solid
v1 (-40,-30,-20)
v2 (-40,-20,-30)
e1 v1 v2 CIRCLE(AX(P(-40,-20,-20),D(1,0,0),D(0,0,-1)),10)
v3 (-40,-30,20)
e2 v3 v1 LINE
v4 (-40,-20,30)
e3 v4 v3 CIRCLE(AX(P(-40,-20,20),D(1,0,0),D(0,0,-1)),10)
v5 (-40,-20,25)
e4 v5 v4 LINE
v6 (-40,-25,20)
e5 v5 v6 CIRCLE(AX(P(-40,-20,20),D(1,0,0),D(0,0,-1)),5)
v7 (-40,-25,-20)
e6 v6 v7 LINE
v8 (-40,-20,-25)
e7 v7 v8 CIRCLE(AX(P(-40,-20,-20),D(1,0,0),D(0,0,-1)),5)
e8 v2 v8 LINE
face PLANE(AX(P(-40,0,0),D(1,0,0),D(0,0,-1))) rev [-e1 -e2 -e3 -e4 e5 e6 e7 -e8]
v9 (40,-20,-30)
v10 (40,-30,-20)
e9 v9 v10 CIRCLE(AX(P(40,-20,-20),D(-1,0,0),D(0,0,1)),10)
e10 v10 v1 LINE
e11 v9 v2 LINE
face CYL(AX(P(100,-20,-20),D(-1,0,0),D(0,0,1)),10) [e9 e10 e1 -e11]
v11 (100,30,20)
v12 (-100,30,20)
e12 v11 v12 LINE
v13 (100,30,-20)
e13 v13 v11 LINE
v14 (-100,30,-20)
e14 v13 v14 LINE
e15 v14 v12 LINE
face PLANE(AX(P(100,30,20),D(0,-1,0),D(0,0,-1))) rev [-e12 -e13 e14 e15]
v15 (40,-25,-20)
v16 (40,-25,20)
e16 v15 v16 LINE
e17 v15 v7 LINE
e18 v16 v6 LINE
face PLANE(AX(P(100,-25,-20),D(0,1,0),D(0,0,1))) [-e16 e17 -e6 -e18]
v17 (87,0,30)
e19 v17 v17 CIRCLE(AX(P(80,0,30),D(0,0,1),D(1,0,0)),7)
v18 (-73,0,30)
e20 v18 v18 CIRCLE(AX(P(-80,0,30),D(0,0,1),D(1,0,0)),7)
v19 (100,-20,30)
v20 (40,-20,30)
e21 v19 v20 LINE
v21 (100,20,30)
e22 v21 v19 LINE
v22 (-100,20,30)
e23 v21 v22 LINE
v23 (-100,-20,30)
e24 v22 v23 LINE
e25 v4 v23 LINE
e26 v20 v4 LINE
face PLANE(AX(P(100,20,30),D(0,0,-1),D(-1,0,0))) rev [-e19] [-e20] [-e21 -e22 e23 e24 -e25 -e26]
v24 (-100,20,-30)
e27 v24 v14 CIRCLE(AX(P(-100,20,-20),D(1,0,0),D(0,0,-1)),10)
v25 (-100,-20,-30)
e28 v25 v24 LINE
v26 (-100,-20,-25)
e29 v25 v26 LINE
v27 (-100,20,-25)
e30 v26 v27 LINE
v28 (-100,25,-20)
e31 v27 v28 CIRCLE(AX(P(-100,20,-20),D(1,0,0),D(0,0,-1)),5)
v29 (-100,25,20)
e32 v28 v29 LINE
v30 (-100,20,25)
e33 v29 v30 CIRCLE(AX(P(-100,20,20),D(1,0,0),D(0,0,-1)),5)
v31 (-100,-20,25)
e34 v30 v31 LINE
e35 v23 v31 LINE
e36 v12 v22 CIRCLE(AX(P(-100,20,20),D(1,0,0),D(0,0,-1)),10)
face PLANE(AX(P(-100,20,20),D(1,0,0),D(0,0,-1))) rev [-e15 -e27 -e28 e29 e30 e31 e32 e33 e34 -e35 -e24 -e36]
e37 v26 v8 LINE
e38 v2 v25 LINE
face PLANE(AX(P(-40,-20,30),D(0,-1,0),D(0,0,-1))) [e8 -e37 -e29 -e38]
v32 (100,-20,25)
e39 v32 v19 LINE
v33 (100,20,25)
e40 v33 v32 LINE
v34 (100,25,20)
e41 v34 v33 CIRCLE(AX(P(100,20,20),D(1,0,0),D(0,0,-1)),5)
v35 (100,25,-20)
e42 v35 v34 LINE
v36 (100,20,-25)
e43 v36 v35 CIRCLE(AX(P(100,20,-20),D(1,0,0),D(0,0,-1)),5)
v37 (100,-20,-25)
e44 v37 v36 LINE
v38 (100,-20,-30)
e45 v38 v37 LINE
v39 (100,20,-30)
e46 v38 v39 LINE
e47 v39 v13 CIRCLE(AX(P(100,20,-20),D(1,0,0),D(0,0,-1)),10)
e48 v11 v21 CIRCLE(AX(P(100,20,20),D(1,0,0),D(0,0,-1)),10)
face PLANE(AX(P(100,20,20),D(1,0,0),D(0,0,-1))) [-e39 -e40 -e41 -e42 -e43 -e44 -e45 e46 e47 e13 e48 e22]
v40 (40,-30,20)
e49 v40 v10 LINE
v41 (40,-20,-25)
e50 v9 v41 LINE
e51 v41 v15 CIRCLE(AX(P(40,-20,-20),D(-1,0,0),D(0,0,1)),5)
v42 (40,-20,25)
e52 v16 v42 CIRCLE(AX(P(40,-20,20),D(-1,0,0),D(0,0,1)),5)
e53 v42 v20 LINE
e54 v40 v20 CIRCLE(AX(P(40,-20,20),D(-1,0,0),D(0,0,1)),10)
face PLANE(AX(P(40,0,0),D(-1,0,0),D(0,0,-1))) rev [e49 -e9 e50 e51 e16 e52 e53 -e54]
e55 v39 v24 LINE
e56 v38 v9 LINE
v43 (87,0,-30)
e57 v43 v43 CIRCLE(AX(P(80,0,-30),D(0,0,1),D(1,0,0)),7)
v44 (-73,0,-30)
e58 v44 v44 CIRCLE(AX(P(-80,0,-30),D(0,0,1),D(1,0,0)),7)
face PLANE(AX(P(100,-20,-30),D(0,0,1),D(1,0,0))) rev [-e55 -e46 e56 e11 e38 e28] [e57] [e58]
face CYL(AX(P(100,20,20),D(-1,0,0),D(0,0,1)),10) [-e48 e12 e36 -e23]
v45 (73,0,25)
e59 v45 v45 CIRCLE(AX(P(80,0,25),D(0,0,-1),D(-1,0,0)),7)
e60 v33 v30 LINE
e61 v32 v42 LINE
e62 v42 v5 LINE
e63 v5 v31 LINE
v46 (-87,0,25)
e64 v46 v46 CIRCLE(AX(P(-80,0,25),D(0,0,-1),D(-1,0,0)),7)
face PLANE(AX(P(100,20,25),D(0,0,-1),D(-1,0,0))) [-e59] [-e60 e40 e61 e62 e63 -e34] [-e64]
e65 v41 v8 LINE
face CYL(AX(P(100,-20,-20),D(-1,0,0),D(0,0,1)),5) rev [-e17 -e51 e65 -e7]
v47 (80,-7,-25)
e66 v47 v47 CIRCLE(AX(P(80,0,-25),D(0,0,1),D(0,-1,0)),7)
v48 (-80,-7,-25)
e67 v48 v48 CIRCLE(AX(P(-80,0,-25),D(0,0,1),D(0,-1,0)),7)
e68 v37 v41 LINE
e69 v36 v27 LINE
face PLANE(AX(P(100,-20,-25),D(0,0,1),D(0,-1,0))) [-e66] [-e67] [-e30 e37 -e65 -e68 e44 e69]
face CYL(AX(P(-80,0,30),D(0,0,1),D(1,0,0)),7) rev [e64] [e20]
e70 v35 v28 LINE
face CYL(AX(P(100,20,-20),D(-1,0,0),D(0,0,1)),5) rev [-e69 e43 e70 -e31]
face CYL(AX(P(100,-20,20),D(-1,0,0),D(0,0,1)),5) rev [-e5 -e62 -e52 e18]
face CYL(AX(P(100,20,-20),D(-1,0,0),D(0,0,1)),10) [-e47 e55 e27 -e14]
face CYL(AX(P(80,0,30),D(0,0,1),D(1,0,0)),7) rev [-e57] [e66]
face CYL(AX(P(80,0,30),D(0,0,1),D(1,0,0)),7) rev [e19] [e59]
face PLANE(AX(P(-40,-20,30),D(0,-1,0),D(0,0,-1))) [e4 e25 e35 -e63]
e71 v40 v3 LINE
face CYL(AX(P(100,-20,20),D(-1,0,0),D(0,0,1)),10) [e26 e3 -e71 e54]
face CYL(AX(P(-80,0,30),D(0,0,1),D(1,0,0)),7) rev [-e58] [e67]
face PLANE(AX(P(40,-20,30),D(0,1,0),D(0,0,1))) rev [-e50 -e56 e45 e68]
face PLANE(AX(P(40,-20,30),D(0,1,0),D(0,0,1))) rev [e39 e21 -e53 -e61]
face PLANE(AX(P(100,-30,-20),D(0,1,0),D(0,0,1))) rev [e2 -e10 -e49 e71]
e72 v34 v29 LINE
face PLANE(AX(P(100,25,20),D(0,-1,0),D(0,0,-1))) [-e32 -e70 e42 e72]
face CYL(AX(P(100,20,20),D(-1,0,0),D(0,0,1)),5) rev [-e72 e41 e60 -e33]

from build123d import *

# Parameters (mm, degrees)
EL_MENT_M_CANO_SOUD_1_DEPTH     = 200
ESQUISSE2_W                     = 60
ESQUISSE2_H                     = 10
ENL_V_MAT_EXTRU_1_DEPTH         = 60
DIAM_TRE_DU_PER_AGE_14_0_14_1_D = 14


with BuildPart() as part:
    # Sketch1 → Elément mécano-soudé1 (new body)
    with BuildSketch(Plane.YZ.offset(-100)):
        with BuildLine():
            Line((-20, -30), (20, -30))
            ThreePointArc((20, -30), (27.071067812, -27.071067812), (30, -20))
            Line((30, -20), (30, 20))
            ThreePointArc((30, 20), (27.071067812, 27.071067812), (20, 30))
            Line((20, 30), (-20, 30))
            ThreePointArc((-20, 30), (-27.071067812, 27.071067812), (-30, 20))
            Line((-30, 20), (-30, -20))
            ThreePointArc((-30, -20), (-27.071067812, -27.071067812), (-20, -30))
        make_face()
        with BuildLine():
            Line((-20, -25), (20, -25))
            ThreePointArc((20, -25), (23.535533906, -23.535533906), (25, -20))
            Line((25, -20), (25, 20))
            ThreePointArc((25, 20), (23.535533906, 23.535533906), (20, 25))
            Line((20, 25), (-20, 25))
            ThreePointArc((-20, 25), (-23.535533906, 23.535533906), (-25, 20))
            Line((-25, 20), (-25, -20))
            ThreePointArc((-25, -20), (-23.535533906, -23.535533906), (-20, -25))
        make_face(mode=Mode.SUBTRACT)
    extrude(amount=EL_MENT_M_CANO_SOUD_1_DEPTH)

    # Esquisse2 → Enlèv. mat.-Extru.1 (cut)
    with BuildSketch(Plane(origin=(-100, 0, 0), x_dir=(0, 0, -1), z_dir=(1, 0, 0))):
        with Locations((0, -25)):
            Rectangle(ESQUISSE2_W, ESQUISSE2_H)
    enl_v_mat_extru_1 = extrude(amount=ENL_V_MAT_EXTRU_1_DEPTH, mode=Mode.SUBTRACT)

    # Diamètre du perçage Ø14.0 (14)1 (through all)
    with Locations(Plane.XY.offset(30)):
        with Locations((-80, 0), (80, 0)):
            Hole(DIAM_TRE_DU_PER_AGE_14_0_14_1_D / 2)

    # Symétrie1: Enlèv. mat.-Extru.1 across plane
    add(enl_v_mat_extru_1.mirror(Plane(origin=(0, 0, 0), x_dir=(0, 0, 1), z_dir=(1, 0, 0))), mode=Mode.SUBTRACT)


solid = part.part
